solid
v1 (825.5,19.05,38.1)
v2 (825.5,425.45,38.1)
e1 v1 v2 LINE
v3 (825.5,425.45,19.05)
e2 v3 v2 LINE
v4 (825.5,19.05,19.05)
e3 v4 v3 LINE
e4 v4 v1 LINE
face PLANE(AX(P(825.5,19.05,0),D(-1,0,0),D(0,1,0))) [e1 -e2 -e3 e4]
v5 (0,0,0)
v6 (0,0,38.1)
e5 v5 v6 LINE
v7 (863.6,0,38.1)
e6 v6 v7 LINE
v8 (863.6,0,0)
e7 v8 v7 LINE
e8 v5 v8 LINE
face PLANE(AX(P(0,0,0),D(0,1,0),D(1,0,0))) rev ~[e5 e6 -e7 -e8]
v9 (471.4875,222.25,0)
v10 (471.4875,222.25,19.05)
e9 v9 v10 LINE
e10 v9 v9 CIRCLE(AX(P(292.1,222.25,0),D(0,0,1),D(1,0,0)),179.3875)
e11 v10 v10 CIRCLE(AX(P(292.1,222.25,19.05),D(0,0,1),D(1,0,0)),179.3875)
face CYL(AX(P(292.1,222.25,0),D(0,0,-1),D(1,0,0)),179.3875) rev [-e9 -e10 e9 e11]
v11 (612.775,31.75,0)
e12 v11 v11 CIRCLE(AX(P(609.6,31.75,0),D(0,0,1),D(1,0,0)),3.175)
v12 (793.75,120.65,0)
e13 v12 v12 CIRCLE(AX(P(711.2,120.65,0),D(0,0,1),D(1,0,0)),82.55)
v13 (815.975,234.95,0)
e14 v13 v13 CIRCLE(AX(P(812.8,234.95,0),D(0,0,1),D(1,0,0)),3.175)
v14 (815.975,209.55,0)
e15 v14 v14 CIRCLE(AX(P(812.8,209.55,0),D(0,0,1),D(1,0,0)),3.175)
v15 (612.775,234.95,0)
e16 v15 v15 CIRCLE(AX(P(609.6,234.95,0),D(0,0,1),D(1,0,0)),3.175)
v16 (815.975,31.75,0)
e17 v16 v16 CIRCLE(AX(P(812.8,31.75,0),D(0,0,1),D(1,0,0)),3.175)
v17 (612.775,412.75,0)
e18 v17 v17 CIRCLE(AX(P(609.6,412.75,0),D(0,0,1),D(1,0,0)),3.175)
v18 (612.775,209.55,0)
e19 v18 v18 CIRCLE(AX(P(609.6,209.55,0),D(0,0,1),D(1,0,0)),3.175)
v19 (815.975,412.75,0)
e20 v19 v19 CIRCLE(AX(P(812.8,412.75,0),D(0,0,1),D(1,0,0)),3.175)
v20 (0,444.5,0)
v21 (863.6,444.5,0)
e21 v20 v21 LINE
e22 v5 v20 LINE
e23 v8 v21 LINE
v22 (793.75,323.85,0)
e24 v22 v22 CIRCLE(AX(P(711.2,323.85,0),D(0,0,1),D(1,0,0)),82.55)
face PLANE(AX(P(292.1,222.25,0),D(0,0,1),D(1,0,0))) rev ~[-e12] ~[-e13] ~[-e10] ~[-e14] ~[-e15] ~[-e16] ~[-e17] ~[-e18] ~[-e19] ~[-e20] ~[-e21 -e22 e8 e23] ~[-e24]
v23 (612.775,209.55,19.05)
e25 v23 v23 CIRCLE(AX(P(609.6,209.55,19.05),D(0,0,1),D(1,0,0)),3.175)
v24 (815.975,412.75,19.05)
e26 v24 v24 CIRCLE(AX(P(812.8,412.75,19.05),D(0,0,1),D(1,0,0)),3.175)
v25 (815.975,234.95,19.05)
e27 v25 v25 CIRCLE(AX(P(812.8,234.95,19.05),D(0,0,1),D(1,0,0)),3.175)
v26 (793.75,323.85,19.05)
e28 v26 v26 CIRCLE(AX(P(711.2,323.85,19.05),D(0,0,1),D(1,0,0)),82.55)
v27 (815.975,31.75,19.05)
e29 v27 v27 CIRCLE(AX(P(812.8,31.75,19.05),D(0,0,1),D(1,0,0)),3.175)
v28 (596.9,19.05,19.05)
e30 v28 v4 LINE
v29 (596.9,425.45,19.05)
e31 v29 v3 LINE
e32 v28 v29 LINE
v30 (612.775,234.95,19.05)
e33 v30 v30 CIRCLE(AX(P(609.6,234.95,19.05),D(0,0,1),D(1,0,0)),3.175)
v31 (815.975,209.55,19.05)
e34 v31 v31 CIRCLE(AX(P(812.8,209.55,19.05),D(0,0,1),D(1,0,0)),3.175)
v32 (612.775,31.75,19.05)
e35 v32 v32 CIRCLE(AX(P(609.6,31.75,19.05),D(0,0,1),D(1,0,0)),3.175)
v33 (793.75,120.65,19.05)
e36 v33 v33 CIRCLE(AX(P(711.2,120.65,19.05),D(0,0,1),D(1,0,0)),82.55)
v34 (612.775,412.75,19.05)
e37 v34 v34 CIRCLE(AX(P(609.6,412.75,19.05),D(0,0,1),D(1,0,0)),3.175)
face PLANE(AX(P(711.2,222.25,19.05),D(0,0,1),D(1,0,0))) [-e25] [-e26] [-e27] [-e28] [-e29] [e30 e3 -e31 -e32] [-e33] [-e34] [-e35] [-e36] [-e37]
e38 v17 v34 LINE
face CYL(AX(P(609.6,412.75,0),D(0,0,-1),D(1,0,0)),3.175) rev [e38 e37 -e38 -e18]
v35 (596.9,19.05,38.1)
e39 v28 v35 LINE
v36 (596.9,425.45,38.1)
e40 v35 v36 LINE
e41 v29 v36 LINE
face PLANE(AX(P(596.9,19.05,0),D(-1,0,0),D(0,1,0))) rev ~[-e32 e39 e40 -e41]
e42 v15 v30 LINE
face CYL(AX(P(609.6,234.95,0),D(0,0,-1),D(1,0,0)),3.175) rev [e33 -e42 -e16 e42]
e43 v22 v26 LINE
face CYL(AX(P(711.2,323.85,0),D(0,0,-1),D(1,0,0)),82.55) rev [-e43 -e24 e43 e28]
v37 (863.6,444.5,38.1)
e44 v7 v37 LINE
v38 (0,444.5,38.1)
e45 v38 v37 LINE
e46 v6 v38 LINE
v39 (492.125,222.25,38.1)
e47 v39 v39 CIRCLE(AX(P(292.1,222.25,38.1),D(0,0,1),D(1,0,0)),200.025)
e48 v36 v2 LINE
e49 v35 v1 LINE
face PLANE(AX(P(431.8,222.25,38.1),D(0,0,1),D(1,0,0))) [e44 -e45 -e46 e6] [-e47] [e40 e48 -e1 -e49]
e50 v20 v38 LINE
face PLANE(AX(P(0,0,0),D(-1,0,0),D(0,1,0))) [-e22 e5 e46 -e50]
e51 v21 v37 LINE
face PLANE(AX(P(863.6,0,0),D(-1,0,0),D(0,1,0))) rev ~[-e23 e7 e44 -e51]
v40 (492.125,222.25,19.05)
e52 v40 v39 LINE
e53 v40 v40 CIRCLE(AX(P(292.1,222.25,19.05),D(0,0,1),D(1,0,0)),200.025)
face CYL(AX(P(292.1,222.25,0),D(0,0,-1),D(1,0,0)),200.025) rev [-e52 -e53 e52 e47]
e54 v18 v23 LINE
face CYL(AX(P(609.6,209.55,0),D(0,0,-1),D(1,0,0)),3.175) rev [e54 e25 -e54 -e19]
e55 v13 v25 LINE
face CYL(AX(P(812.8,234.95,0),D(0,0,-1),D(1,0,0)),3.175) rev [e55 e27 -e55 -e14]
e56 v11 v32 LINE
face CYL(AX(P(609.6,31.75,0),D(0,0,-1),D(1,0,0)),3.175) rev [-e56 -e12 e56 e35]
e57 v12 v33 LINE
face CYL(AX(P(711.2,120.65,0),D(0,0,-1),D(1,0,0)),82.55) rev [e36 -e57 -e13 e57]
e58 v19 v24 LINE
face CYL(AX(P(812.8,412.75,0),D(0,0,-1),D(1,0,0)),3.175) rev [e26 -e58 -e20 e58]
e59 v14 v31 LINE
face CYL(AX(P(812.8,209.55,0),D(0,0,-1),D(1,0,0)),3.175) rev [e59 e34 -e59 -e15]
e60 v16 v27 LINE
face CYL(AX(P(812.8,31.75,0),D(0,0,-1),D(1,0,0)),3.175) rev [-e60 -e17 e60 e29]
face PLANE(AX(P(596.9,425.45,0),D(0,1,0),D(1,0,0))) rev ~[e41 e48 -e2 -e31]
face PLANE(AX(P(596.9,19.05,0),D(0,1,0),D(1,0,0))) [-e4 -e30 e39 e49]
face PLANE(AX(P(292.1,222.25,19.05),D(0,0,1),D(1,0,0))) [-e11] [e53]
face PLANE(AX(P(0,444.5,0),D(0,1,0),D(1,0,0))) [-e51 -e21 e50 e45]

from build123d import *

# Parameters (mm, degrees)
F0_W     = 863.6
F0_H     = 444.5
F0_R     = 200.025
F0_W_2   = 228.6
F0_H_2   = 406.4
F1_DEPTH = 38.1
F0_R_2   = 179.3875
F0_R_3   = 3.175
F0_R_4   = 82.55
F2_DEPTH = 19.05


with BuildPart() as f1:
    # F0 (on Top) → F1 (new body)
    with BuildSketch(Plane.XY):
        with Locations((431.8, 222.25)):
            Rectangle(F0_W, F0_H)
        with Locations((292.1, 222.25)):
            Circle(F0_R, mode=Mode.SUBTRACT)
        with Locations((711.2, 222.25)):
            Rectangle(F0_W_2, F0_H_2, mode=Mode.SUBTRACT)
    extrude(amount=F1_DEPTH)

    # F0 (on Top) → F2 (join)
    with BuildSketch(Plane.XY):
        with Locations((292.1, 222.25)):
            Circle(F0_R)
        with Locations((292.1, 222.25)):
            Circle(F0_R_2, mode=Mode.SUBTRACT)
        with Locations((711.2, 222.25)):
            Rectangle(F0_W_2, F0_H_2)
        with Locations((609.6, 31.75)):
            Circle(F0_R_3, mode=Mode.SUBTRACT)
        with Locations((812.8, 31.75)):
            Circle(F0_R_3, mode=Mode.SUBTRACT)
        with Locations((609.6, 209.55)):
            Circle(F0_R_3, mode=Mode.SUBTRACT)
        with Locations((711.2, 120.65)):
            Circle(F0_R_4, mode=Mode.SUBTRACT)
        with Locations((812.8, 209.55)):
            Circle(F0_R_3, mode=Mode.SUBTRACT)
        with Locations((609.6, 234.95)):
            Circle(F0_R_3, mode=Mode.SUBTRACT)
        with Locations((812.8, 234.95)):
            Circle(F0_R_3, mode=Mode.SUBTRACT)
        with Locations((711.2, 323.85)):
            Circle(F0_R_4, mode=Mode.SUBTRACT)
        with Locations((609.6, 412.75)):
            Circle(F0_R_3, mode=Mode.SUBTRACT)
        with Locations((812.8, 412.75)):
            Circle(F0_R_3, mode=Mode.SUBTRACT)
    extrude(amount=F2_DEPTH)


solid = f1.part
